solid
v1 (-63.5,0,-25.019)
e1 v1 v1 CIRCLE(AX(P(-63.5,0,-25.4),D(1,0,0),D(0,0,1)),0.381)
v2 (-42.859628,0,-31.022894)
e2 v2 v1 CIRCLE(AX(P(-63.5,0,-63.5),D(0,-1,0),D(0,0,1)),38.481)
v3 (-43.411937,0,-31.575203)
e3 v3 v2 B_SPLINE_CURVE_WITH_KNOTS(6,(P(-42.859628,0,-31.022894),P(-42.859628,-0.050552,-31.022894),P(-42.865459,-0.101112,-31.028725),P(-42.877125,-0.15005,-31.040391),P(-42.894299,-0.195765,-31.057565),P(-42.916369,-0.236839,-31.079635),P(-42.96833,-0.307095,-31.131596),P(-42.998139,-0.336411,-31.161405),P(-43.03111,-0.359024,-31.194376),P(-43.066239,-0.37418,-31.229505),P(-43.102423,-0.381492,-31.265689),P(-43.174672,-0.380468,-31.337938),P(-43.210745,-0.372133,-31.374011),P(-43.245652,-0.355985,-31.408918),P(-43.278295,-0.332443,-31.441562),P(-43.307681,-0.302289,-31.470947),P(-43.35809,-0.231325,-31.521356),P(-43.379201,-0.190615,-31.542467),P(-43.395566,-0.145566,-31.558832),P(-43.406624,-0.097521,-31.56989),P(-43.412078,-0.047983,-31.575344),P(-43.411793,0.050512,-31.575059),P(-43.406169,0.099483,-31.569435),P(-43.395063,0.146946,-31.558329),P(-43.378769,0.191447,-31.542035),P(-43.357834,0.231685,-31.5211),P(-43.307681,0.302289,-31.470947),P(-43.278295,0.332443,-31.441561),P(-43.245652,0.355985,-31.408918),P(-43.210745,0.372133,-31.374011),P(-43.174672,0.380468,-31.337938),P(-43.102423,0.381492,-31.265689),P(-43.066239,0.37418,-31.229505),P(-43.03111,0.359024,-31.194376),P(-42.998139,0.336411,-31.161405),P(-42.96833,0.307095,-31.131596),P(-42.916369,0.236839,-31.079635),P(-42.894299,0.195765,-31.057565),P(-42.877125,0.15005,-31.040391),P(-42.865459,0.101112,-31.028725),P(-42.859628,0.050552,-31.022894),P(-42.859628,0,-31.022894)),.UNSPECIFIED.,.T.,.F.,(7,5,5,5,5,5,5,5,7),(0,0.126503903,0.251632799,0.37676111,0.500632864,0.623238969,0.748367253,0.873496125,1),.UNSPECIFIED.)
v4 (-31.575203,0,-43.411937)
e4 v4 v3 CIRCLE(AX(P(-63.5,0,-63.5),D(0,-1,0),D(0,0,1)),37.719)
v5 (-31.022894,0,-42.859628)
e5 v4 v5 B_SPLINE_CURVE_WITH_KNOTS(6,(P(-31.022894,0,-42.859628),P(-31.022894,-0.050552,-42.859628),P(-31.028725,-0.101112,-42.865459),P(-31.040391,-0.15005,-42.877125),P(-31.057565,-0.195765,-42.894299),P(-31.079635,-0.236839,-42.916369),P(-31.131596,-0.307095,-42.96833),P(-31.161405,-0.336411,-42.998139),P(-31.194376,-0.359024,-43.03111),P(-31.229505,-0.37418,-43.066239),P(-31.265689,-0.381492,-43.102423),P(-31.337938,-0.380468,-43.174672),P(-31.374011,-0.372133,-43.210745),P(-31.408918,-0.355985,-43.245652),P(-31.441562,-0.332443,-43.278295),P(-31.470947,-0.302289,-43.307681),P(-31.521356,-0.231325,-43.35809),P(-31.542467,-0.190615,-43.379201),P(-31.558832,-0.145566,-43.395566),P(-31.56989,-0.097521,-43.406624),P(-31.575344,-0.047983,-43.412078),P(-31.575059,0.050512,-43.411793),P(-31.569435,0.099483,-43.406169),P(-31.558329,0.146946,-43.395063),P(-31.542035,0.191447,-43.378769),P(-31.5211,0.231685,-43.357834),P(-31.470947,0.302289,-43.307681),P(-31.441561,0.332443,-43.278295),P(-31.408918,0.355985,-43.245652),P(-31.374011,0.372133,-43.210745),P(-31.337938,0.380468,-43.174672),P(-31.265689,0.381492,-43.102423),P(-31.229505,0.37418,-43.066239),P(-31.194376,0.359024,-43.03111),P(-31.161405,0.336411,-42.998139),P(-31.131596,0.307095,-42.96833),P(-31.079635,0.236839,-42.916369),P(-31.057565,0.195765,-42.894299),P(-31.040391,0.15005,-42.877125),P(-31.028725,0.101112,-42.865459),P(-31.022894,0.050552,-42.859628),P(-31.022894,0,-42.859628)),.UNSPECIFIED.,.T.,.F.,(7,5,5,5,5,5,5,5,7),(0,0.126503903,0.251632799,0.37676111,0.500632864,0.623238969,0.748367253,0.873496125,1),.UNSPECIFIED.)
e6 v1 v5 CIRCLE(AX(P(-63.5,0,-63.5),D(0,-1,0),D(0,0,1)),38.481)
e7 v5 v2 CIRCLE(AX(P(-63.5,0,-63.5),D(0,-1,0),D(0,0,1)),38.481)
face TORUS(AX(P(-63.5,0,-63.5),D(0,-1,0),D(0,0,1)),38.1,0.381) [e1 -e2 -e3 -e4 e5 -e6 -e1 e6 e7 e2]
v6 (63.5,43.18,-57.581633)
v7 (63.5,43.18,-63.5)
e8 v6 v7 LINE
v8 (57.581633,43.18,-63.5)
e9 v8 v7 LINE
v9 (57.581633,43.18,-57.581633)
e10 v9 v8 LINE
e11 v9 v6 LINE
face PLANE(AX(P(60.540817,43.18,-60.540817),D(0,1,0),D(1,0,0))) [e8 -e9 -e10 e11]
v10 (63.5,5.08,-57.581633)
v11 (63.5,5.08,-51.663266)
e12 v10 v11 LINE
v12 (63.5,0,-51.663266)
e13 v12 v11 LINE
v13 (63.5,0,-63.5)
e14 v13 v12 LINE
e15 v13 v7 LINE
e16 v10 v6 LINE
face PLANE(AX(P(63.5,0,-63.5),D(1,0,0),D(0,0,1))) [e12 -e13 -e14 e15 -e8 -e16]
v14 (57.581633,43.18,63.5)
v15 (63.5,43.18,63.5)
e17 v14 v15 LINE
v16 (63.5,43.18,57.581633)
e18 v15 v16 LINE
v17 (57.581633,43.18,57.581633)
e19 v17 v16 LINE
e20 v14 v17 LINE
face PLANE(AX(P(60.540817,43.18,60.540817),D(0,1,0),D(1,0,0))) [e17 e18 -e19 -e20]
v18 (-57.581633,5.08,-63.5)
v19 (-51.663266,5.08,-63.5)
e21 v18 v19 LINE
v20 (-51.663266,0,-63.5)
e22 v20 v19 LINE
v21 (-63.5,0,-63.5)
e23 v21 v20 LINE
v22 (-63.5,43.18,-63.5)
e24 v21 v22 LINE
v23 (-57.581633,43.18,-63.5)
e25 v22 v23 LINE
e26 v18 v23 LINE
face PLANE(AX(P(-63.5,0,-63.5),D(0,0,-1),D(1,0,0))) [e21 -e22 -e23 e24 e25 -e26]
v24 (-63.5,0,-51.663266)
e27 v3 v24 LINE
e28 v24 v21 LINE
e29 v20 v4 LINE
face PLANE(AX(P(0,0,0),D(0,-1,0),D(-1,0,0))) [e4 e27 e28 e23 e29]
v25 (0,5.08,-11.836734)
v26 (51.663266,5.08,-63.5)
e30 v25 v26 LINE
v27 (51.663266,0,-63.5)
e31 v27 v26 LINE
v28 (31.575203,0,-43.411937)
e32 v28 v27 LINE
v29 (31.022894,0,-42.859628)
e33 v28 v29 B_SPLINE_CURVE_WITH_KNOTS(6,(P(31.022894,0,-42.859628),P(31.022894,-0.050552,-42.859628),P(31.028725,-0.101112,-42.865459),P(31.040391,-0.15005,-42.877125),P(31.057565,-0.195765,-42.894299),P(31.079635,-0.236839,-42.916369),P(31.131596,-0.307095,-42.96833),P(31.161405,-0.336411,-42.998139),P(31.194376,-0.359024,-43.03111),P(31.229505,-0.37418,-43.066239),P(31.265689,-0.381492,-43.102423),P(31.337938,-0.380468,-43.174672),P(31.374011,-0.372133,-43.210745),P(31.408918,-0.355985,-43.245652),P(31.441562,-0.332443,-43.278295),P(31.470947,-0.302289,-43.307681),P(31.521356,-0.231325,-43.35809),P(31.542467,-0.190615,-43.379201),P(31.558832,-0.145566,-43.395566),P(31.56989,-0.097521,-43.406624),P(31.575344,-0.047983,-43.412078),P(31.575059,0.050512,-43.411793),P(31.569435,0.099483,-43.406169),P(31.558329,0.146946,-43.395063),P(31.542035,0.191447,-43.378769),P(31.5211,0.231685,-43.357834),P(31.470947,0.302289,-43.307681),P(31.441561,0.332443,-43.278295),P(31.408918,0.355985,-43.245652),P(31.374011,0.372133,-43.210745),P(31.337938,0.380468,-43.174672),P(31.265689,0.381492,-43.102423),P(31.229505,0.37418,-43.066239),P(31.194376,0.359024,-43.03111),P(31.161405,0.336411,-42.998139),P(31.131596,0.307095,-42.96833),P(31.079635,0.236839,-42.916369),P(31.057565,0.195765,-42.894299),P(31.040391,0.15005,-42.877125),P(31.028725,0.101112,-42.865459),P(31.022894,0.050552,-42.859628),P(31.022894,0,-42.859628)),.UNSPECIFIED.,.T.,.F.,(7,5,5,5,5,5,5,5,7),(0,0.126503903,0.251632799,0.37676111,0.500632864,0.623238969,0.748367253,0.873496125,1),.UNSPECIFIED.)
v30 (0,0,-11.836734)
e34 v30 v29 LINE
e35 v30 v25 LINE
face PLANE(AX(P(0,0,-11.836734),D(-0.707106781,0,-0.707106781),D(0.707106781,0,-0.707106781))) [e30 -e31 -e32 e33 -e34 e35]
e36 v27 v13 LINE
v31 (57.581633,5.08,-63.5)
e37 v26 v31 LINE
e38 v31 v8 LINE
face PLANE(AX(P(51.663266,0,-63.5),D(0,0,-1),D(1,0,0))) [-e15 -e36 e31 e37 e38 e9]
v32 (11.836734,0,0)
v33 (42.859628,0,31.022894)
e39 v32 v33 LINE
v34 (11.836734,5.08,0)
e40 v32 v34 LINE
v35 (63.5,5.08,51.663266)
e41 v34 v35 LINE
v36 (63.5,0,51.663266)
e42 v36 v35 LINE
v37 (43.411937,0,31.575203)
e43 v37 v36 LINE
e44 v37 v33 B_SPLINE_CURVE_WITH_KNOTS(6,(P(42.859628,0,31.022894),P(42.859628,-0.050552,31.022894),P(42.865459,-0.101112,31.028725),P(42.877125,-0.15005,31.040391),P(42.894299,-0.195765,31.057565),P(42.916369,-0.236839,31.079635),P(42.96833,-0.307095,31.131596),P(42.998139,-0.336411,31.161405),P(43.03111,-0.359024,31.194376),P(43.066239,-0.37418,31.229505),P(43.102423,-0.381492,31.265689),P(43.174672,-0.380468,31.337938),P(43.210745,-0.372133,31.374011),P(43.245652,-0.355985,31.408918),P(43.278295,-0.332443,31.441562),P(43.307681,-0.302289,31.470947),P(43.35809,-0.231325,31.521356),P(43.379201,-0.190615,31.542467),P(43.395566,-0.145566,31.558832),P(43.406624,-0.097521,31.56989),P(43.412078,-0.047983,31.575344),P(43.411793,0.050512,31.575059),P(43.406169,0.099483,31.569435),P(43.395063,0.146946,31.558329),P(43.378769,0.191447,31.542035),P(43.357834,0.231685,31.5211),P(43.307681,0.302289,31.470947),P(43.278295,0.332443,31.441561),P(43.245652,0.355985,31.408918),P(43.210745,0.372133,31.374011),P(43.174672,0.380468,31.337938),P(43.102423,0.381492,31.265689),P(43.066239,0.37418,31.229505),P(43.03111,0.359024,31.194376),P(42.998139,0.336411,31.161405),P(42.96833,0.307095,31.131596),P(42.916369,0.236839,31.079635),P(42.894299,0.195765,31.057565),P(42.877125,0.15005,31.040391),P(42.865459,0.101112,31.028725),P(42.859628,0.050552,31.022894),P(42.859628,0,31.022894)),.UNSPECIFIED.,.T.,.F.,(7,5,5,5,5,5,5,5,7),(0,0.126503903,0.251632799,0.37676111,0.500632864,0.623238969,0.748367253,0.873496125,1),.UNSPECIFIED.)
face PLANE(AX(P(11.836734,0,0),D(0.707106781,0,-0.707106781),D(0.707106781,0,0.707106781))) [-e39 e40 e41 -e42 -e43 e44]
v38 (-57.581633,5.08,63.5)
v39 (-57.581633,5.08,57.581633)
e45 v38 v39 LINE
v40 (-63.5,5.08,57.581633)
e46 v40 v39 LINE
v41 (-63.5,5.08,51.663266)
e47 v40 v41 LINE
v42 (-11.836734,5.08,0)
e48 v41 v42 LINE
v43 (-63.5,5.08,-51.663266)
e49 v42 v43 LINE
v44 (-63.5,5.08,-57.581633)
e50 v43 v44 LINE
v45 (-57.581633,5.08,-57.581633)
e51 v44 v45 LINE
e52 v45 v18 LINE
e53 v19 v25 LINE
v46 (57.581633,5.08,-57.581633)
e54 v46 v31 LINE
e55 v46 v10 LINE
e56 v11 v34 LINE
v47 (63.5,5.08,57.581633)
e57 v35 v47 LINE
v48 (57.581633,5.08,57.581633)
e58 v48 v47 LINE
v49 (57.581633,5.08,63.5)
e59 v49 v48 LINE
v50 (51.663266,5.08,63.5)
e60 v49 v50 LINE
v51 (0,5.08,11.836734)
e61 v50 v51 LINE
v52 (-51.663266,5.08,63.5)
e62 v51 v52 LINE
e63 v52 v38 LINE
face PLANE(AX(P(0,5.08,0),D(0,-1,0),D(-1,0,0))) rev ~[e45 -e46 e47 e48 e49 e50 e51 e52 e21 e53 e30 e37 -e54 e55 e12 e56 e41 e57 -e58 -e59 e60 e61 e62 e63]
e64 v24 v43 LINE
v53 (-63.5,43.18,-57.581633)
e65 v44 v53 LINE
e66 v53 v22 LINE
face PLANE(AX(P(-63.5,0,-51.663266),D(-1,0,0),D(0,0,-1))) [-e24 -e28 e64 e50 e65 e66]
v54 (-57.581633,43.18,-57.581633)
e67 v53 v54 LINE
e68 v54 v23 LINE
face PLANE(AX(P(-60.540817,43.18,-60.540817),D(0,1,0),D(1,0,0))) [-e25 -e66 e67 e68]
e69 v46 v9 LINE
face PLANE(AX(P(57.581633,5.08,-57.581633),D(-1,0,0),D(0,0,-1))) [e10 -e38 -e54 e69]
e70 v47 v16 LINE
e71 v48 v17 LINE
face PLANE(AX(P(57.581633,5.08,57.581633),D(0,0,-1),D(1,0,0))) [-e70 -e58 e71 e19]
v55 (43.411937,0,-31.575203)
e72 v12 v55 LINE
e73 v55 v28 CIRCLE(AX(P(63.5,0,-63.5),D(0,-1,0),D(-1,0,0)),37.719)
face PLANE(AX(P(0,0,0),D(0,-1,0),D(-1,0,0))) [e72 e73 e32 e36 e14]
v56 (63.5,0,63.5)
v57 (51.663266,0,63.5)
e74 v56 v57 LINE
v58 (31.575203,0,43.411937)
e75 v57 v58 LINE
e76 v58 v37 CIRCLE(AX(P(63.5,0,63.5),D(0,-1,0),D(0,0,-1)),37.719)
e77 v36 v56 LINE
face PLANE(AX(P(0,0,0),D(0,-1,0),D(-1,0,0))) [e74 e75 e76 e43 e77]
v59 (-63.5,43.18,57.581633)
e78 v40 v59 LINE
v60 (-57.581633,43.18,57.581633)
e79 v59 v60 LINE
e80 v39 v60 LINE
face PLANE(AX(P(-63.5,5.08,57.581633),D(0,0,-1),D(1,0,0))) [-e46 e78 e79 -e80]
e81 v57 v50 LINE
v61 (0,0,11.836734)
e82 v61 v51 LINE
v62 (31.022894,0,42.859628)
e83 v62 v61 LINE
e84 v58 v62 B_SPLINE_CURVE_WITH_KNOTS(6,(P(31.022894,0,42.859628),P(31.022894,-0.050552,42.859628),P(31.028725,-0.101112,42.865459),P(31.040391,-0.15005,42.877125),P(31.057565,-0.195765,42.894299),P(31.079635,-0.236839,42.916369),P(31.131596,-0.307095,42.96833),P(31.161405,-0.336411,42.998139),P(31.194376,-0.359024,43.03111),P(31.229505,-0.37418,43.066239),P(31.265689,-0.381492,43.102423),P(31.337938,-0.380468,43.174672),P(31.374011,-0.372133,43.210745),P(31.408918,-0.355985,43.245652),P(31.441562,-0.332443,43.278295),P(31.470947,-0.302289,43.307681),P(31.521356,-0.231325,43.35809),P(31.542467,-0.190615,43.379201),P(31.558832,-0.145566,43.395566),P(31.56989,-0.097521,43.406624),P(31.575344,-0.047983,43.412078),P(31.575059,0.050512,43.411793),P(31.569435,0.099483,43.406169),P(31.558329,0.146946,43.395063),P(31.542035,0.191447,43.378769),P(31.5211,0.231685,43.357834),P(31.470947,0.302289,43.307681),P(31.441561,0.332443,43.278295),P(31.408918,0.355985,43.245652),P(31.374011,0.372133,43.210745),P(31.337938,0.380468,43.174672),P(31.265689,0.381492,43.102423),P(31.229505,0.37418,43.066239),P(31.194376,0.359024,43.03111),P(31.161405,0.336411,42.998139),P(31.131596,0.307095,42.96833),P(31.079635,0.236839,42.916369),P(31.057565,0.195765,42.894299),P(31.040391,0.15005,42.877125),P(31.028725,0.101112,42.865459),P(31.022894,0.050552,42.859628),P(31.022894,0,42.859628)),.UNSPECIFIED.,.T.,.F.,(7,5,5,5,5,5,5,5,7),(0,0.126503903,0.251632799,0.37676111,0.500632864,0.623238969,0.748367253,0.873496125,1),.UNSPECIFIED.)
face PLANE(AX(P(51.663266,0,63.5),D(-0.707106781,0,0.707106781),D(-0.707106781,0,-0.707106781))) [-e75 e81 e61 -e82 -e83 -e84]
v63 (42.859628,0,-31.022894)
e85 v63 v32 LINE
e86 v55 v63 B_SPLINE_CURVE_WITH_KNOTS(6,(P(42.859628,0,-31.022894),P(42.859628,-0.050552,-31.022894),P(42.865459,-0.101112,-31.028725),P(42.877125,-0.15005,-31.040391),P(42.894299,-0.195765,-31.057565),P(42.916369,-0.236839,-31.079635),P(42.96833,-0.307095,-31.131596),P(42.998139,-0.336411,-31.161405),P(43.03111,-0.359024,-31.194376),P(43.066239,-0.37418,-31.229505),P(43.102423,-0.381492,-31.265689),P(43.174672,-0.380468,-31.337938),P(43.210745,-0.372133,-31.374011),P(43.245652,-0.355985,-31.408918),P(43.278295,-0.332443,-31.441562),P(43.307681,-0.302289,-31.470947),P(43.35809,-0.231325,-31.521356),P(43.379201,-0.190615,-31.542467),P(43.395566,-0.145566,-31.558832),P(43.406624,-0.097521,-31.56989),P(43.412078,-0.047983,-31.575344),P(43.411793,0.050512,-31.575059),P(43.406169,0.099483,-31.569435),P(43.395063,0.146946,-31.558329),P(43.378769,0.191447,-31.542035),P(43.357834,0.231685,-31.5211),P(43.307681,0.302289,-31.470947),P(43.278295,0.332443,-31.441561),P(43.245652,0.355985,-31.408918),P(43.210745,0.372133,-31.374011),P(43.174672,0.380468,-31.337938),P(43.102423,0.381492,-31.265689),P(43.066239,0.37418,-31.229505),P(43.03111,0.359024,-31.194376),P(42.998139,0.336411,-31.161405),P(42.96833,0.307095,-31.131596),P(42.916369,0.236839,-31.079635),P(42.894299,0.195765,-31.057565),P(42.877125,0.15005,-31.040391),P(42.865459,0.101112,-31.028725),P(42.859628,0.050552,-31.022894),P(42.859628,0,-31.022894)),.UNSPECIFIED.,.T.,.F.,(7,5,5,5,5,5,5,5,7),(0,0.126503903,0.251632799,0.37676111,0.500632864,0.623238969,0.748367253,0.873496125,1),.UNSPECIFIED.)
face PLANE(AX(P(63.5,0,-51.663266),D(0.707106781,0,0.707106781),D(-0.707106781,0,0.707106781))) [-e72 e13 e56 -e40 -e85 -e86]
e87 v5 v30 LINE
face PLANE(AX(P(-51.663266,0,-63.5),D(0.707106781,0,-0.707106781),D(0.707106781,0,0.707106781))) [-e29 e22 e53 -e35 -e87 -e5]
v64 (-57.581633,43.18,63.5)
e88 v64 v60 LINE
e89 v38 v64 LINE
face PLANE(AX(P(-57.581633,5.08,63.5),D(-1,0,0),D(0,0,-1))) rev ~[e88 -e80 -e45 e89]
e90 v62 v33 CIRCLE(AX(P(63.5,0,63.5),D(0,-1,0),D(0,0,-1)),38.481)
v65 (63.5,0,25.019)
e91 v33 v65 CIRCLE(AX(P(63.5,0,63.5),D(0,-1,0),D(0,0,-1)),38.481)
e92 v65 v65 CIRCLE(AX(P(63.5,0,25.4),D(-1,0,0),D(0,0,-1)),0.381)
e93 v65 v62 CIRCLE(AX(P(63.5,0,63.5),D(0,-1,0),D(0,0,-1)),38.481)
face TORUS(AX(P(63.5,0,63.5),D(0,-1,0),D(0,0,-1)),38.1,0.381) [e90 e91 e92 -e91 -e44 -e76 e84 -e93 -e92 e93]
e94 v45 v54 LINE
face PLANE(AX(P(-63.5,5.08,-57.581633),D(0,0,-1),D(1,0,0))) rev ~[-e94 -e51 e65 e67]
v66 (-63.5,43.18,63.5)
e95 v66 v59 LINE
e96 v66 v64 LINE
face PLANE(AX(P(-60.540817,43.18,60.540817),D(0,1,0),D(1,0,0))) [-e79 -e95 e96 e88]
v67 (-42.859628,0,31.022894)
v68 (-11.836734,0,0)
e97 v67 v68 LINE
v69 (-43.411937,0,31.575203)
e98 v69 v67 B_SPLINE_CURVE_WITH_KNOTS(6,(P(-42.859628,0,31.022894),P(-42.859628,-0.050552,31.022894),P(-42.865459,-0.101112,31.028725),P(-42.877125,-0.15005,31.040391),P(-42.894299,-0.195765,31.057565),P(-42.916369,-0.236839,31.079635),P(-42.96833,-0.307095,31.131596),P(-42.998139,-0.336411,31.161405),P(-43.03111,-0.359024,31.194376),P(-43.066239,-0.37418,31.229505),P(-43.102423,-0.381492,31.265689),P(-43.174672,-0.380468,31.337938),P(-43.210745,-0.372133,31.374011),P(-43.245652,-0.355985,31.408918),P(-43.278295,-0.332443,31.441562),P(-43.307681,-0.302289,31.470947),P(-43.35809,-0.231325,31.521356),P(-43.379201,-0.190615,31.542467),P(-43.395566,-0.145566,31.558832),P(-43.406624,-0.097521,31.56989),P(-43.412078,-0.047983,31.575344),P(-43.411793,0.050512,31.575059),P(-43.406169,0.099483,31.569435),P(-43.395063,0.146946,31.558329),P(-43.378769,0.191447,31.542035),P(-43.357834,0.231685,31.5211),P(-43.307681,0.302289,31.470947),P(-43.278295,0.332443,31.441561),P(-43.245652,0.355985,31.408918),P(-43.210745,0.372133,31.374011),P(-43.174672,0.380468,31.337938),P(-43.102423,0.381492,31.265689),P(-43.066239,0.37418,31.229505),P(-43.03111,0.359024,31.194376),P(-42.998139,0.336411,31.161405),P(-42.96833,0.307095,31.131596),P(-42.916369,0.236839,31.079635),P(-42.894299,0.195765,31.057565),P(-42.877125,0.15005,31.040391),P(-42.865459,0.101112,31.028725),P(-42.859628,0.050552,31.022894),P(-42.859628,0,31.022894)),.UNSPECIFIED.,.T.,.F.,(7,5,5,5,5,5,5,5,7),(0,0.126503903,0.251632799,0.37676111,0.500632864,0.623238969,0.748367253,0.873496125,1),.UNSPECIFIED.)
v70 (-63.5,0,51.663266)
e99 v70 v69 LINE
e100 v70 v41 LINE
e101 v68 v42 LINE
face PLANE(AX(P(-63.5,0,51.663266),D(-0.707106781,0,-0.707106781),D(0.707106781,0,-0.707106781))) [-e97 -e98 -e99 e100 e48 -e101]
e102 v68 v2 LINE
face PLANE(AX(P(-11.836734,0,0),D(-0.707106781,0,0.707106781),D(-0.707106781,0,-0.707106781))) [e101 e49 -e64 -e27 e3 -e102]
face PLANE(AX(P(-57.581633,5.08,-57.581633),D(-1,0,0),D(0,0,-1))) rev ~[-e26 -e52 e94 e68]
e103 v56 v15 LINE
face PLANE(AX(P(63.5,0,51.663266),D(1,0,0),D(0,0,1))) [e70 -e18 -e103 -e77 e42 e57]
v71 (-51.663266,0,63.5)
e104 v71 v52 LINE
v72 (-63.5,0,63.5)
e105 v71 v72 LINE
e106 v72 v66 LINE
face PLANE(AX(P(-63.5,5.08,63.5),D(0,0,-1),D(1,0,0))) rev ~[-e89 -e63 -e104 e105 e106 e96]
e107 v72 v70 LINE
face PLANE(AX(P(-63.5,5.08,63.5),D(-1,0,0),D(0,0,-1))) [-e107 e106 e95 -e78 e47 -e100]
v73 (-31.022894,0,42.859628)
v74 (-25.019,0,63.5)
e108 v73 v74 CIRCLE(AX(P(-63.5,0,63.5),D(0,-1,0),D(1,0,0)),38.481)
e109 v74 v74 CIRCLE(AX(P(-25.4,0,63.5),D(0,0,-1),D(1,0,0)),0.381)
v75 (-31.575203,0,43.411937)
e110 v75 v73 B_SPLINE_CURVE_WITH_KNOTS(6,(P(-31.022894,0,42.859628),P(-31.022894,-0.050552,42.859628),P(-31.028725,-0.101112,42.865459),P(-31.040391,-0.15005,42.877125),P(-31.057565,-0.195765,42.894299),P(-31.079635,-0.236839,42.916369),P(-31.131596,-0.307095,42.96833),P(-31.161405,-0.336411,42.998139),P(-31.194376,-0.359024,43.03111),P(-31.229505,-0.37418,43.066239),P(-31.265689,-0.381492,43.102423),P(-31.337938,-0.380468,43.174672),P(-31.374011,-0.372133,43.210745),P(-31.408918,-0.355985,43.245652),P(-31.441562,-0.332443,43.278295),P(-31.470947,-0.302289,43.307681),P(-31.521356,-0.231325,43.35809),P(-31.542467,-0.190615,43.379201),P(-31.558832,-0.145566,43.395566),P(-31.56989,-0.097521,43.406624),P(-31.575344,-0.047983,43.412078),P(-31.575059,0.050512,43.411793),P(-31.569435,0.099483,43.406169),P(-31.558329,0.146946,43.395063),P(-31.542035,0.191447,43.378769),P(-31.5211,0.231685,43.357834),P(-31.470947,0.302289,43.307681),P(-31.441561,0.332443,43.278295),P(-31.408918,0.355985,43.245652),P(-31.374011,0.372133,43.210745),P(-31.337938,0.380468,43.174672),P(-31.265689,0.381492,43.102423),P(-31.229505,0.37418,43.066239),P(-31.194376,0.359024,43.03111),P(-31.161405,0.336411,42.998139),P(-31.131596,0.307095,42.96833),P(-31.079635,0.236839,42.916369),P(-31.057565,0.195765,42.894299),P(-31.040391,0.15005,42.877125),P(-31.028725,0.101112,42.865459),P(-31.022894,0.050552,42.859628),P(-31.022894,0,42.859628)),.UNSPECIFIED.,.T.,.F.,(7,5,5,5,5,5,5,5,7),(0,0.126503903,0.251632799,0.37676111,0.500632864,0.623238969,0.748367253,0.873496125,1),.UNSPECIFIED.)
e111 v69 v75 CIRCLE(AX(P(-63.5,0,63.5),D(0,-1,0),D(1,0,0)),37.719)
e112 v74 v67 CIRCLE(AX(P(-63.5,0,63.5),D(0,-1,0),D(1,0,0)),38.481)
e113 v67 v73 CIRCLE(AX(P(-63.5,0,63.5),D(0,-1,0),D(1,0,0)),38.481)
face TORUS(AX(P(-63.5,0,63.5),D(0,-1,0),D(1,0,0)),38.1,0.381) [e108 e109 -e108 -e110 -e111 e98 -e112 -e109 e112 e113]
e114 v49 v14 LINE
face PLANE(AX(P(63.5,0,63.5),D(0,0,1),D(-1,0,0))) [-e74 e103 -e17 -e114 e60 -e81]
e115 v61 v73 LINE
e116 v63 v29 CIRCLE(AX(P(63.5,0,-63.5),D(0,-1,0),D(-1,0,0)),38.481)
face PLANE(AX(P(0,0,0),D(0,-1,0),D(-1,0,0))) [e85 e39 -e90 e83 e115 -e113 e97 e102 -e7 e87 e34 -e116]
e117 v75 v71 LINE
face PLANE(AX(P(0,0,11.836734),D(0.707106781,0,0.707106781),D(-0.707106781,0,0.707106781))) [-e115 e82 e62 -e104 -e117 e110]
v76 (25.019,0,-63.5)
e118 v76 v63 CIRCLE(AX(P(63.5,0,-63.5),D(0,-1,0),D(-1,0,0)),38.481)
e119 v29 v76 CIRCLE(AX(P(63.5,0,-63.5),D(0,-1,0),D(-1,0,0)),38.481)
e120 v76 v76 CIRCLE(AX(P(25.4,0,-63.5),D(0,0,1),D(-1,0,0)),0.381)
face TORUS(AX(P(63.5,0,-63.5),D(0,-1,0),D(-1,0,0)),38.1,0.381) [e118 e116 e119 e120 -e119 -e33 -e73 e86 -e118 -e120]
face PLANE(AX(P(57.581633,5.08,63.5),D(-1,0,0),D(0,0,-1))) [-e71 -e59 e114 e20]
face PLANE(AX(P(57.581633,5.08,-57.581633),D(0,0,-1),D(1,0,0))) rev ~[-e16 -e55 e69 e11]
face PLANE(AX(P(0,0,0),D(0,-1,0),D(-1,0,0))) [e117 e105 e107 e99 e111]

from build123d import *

# Parameters (mm, degrees)
BOSS_EXTRUDE1_DEPTH = 5.08
SKETCH3_W           = 5.918366974
SKETCH3_H           = 5.918366974
BOSS_EXTRUDE2_DEPTH = 38.1
SWEEP11_PROFILE_R   = 0.381
CIRPATTERN1_COUNT   = 4


with BuildPart() as part:
    # Sketch1 → Boss-Extrude1 (new body)
    with BuildSketch(Plane(origin=(0, 0, 0), x_dir=(1, 0, 0), z_dir=(0, 1, 0))):
        Polygon((-11.836733948, 0), (-63.5, 51.663266052), (-63.5, 63.5), (-51.663266052, 63.5), (0, 11.836733948), (51.663266052, 63.5), (63.5, 63.5), (63.5, 51.663266052), (11.836733948, 0), (63.5, -51.663266052), (63.5, -63.5), (51.663266052, -63.5), (0, -11.836733948), (-51.663266052, -63.5), (-63.5, -63.5), (-63.5, -51.663266052), align=None)
    extrude(amount=BOSS_EXTRUDE1_DEPTH)

    # Sketch3 → Boss-Extrude2 (add)
    with BuildSketch(Plane(origin=(0, 5.08, 0), x_dir=(1, 0, 0), z_dir=(0, 1, 0))):
        with Locations((-60.540816513, -60.540816513)):
            Rectangle(SKETCH3_W, SKETCH3_H)
        with Locations((60.540816513, 60.540816513)):
            Rectangle(SKETCH3_W, SKETCH3_H)
        with Locations((-60.540816513, 60.540816513)):
            Rectangle(SKETCH3_W, SKETCH3_H)
        with Locations((60.540816513, -60.540816513)):
            Rectangle(SKETCH3_W, SKETCH3_H)
    extrude(amount=BOSS_EXTRUDE2_DEPTH)

    # Sweep11: sweep along a path in Sketch4
    with BuildLine(Plane.XZ) as sweep11_path:
        CenterArc((-63.5, 63.5), 38.1, 0, 360)
    # Sweep11 profile (on start of the path) → Sweep11 (sweep)
    with BuildSketch(Plane(origin=(-25.4, 0, 63.5), x_dir=(1, 0, 0), z_dir=(0, 0, 1))):
        Circle(SWEEP11_PROFILE_R)
    sweep11 = sweep(path=sweep11_path.line)

    # CirPattern1: Sweep11 ×4 about axis
    cirpattern1_axis = Axis((0, 0, 0), (0, 1, 0))
    for i in range(1, CIRPATTERN1_COUNT):
        add(sweep11.rotate(cirpattern1_axis, i * 360 / CIRPATTERN1_COUNT))


solid = part.part
